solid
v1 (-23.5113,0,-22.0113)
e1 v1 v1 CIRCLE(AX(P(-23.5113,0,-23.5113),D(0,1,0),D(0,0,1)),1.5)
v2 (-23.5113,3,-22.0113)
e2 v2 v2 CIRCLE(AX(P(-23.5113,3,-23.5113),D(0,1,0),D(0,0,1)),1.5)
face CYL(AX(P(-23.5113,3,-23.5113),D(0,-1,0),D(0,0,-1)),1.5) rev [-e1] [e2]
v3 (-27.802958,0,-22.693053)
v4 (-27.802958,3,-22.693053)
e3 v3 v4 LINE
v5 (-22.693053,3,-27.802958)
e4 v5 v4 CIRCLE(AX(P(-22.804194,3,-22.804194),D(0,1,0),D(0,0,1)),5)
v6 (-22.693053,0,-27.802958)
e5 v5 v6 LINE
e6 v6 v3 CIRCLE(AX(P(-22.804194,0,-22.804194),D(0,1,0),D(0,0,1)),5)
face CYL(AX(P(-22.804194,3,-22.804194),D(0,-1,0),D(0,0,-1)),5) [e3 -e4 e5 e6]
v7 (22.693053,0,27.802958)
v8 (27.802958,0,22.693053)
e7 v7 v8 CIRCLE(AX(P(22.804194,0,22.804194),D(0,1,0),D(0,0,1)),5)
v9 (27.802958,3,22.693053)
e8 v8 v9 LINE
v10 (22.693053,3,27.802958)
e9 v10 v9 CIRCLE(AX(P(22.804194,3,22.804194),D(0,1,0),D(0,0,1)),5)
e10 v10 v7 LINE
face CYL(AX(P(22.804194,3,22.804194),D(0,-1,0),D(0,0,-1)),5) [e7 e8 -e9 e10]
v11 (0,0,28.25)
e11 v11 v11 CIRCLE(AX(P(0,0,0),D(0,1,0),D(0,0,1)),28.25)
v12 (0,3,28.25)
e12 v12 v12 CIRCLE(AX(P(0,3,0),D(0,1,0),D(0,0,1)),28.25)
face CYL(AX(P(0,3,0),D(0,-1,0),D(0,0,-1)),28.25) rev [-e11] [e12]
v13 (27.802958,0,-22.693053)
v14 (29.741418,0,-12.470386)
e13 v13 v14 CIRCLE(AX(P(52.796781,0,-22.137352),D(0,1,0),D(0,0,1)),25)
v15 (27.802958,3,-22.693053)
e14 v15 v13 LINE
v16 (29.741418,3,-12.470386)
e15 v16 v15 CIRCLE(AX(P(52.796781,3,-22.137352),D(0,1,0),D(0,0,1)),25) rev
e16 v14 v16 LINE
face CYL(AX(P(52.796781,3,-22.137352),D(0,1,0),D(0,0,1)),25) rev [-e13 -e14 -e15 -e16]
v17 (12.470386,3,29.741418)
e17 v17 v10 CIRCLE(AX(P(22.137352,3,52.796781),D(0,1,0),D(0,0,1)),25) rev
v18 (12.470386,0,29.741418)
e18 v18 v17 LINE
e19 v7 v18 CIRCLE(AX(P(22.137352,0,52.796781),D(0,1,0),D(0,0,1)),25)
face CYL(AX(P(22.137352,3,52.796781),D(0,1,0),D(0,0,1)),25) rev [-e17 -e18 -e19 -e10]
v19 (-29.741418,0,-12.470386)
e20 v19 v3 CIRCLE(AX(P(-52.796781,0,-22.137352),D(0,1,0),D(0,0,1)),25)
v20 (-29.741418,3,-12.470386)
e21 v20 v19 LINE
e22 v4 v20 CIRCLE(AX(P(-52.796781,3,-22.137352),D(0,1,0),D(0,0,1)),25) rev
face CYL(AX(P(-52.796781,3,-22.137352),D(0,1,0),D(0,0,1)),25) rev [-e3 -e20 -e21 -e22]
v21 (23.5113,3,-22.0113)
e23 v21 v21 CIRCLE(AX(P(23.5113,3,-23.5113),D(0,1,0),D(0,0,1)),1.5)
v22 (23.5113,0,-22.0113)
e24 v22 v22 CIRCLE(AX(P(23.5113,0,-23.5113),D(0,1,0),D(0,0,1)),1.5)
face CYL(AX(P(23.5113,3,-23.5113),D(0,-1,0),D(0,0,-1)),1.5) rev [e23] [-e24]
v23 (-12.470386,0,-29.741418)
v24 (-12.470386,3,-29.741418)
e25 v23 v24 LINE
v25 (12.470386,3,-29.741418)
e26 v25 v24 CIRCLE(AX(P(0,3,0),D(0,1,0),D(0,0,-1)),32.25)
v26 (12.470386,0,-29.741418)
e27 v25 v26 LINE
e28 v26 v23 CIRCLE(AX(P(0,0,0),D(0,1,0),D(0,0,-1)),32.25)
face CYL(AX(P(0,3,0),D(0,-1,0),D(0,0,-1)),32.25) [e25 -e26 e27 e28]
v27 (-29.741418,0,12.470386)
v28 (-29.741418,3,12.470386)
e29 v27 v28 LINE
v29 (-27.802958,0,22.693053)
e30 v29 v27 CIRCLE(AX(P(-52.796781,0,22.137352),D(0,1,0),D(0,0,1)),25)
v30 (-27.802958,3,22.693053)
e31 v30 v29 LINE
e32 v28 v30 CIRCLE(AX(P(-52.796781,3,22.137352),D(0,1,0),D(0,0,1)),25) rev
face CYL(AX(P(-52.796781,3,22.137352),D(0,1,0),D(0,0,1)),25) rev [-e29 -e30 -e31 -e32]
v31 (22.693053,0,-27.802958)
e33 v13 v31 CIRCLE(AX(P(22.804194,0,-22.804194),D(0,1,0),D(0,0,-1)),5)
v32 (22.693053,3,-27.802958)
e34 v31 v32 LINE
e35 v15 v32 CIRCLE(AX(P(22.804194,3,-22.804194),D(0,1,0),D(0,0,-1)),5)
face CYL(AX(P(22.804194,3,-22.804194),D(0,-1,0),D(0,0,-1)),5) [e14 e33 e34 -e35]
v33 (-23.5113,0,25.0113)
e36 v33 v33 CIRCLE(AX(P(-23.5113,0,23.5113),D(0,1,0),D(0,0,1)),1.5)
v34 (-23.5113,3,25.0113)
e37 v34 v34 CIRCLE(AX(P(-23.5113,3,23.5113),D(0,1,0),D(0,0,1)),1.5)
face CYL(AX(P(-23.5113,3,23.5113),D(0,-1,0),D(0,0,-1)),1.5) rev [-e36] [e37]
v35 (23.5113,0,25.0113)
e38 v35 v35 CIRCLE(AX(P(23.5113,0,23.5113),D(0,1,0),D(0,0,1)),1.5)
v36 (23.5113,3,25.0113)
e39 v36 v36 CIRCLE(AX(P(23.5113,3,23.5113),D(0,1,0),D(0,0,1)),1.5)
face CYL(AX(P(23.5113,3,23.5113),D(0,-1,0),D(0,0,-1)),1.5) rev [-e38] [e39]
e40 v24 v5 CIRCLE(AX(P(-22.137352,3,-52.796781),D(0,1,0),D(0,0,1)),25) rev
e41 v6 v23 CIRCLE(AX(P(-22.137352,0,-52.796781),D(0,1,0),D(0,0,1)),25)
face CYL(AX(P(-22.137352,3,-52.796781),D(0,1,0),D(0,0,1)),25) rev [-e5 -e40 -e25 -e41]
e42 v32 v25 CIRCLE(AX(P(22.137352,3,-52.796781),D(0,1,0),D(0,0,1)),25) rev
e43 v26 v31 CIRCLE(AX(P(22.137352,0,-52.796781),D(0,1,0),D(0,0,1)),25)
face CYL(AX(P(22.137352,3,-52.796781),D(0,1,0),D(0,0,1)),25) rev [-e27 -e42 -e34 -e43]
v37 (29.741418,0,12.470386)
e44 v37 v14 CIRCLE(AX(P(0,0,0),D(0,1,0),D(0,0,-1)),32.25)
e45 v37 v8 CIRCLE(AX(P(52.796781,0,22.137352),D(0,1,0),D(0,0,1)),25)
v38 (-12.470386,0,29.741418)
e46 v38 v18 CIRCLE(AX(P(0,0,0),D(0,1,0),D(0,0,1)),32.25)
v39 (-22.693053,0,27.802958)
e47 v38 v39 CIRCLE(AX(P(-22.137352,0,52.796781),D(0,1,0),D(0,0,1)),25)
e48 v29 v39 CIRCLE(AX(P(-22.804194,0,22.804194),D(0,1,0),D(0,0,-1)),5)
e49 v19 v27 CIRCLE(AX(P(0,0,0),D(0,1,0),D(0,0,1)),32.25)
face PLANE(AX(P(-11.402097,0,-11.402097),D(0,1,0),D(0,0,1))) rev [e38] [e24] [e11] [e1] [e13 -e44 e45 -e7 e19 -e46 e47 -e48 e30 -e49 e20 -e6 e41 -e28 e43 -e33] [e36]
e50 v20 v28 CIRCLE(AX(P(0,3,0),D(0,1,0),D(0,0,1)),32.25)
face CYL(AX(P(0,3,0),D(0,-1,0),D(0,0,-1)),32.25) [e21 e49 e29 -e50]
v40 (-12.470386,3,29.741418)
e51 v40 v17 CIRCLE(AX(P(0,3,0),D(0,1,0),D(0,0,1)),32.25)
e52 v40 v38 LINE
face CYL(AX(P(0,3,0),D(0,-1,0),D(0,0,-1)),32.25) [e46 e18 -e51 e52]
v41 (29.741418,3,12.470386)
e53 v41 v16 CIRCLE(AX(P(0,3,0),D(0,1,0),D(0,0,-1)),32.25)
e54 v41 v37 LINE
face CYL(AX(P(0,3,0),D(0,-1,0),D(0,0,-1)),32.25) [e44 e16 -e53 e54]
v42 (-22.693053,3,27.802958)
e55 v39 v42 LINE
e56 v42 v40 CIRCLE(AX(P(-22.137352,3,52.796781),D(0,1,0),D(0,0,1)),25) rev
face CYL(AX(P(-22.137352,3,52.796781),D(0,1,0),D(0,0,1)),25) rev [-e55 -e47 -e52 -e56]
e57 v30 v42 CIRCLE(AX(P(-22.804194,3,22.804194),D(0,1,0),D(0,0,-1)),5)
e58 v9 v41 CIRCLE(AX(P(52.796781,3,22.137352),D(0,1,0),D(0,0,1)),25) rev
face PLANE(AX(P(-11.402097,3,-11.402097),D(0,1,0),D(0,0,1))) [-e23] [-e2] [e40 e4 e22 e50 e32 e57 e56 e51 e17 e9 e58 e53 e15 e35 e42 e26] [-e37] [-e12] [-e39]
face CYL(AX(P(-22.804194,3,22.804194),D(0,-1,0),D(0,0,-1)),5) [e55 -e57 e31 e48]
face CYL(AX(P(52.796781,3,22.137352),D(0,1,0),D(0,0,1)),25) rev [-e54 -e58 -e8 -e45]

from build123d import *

# Parameters (mm, degrees)
SKETCH1_R           = 28.25
SKETCH1_R_2         = 1.5
BOSS_EXTRUDE1_DEPTH = 3
FILLET1_R           = 25


with BuildPart() as part:
    # Sketch1 → Boss-Extrude1 (new body)
    with BuildSketch(Plane(origin=(0, 0, 0), x_dir=(1, 0, 0), z_dir=(0, 1, 0))):
        with BuildLine():
            ThreePointArc((-19.00522636, 26.055016235), (0, 32.25), (19.00522636, 26.055016235))
            ThreePointArc((19.00522636, 26.055016235), (26.339727599, 26.339727599), (26.055016235, 19.00522636))
            ThreePointArc((26.055016235, 19.00522636), (32.25, 0), (26.055016235, -19.00522636))
            ThreePointArc((26.055016235, -19.00522636), (26.339727599, -26.339727599), (19.00522636, -26.055016235))
            ThreePointArc((19.00522636, -26.055016235), (0, -32.25), (-19.00522636, -26.055016235))
            ThreePointArc((-19.00522636, -26.055016235), (-26.339727599, -26.339727599), (-26.055016235, -19.00522636))
            ThreePointArc((-26.055016235, -19.00522636), (-32.25, 0), (-26.055016235, 19.00522636))
            ThreePointArc((-26.055016235, 19.00522636), (-26.339727599, 26.339727599), (-19.00522636, 26.055016235))
        make_face()
        with Locations(Location((0, 0, 0), (0, 0, 270))):
            Circle(SKETCH1_R, mode=Mode.SUBTRACT)
        with Locations(Location((23.511300474, 23.511300474, 0), (0, 0, 270))):
            Circle(SKETCH1_R_2, mode=Mode.SUBTRACT)
        with Locations(Location((23.511300474, -23.511300474, 0), (0, 0, 270))):
            Circle(SKETCH1_R_2, mode=Mode.SUBTRACT)
        with Locations(Location((-23.511300474, -23.511300474, 0), (0, 0, 270))):
            Circle(SKETCH1_R_2, mode=Mode.SUBTRACT)
        with Locations(Location((-23.511300474, 23.511300474, 0), (0, 0, 270))):
            Circle(SKETCH1_R_2, mode=Mode.SUBTRACT)
    extrude(amount=BOSS_EXTRUDE1_DEPTH)

    # Fillet1
    fillet1_edges = [part.edges().sort_by_distance(p)[0] for p in [
        (-19.00522636, 1.5, -26.055016235),
        (19.00522636, 1.5, -26.055016235),
        (26.055016235, 1.5, -19.00522636),
        (26.055016235, 1.5, 19.00522636),
        (19.00522636, 1.5, 26.055016235),
        (-19.00522636, 1.5, 26.055016235),
        (-26.055016235, 1.5, 19.00522636),
        (-26.055016235, 1.5, -19.00522636),
    ]]
    fillet(fillet1_edges, radius=FILLET1_R)


solid = part.part
